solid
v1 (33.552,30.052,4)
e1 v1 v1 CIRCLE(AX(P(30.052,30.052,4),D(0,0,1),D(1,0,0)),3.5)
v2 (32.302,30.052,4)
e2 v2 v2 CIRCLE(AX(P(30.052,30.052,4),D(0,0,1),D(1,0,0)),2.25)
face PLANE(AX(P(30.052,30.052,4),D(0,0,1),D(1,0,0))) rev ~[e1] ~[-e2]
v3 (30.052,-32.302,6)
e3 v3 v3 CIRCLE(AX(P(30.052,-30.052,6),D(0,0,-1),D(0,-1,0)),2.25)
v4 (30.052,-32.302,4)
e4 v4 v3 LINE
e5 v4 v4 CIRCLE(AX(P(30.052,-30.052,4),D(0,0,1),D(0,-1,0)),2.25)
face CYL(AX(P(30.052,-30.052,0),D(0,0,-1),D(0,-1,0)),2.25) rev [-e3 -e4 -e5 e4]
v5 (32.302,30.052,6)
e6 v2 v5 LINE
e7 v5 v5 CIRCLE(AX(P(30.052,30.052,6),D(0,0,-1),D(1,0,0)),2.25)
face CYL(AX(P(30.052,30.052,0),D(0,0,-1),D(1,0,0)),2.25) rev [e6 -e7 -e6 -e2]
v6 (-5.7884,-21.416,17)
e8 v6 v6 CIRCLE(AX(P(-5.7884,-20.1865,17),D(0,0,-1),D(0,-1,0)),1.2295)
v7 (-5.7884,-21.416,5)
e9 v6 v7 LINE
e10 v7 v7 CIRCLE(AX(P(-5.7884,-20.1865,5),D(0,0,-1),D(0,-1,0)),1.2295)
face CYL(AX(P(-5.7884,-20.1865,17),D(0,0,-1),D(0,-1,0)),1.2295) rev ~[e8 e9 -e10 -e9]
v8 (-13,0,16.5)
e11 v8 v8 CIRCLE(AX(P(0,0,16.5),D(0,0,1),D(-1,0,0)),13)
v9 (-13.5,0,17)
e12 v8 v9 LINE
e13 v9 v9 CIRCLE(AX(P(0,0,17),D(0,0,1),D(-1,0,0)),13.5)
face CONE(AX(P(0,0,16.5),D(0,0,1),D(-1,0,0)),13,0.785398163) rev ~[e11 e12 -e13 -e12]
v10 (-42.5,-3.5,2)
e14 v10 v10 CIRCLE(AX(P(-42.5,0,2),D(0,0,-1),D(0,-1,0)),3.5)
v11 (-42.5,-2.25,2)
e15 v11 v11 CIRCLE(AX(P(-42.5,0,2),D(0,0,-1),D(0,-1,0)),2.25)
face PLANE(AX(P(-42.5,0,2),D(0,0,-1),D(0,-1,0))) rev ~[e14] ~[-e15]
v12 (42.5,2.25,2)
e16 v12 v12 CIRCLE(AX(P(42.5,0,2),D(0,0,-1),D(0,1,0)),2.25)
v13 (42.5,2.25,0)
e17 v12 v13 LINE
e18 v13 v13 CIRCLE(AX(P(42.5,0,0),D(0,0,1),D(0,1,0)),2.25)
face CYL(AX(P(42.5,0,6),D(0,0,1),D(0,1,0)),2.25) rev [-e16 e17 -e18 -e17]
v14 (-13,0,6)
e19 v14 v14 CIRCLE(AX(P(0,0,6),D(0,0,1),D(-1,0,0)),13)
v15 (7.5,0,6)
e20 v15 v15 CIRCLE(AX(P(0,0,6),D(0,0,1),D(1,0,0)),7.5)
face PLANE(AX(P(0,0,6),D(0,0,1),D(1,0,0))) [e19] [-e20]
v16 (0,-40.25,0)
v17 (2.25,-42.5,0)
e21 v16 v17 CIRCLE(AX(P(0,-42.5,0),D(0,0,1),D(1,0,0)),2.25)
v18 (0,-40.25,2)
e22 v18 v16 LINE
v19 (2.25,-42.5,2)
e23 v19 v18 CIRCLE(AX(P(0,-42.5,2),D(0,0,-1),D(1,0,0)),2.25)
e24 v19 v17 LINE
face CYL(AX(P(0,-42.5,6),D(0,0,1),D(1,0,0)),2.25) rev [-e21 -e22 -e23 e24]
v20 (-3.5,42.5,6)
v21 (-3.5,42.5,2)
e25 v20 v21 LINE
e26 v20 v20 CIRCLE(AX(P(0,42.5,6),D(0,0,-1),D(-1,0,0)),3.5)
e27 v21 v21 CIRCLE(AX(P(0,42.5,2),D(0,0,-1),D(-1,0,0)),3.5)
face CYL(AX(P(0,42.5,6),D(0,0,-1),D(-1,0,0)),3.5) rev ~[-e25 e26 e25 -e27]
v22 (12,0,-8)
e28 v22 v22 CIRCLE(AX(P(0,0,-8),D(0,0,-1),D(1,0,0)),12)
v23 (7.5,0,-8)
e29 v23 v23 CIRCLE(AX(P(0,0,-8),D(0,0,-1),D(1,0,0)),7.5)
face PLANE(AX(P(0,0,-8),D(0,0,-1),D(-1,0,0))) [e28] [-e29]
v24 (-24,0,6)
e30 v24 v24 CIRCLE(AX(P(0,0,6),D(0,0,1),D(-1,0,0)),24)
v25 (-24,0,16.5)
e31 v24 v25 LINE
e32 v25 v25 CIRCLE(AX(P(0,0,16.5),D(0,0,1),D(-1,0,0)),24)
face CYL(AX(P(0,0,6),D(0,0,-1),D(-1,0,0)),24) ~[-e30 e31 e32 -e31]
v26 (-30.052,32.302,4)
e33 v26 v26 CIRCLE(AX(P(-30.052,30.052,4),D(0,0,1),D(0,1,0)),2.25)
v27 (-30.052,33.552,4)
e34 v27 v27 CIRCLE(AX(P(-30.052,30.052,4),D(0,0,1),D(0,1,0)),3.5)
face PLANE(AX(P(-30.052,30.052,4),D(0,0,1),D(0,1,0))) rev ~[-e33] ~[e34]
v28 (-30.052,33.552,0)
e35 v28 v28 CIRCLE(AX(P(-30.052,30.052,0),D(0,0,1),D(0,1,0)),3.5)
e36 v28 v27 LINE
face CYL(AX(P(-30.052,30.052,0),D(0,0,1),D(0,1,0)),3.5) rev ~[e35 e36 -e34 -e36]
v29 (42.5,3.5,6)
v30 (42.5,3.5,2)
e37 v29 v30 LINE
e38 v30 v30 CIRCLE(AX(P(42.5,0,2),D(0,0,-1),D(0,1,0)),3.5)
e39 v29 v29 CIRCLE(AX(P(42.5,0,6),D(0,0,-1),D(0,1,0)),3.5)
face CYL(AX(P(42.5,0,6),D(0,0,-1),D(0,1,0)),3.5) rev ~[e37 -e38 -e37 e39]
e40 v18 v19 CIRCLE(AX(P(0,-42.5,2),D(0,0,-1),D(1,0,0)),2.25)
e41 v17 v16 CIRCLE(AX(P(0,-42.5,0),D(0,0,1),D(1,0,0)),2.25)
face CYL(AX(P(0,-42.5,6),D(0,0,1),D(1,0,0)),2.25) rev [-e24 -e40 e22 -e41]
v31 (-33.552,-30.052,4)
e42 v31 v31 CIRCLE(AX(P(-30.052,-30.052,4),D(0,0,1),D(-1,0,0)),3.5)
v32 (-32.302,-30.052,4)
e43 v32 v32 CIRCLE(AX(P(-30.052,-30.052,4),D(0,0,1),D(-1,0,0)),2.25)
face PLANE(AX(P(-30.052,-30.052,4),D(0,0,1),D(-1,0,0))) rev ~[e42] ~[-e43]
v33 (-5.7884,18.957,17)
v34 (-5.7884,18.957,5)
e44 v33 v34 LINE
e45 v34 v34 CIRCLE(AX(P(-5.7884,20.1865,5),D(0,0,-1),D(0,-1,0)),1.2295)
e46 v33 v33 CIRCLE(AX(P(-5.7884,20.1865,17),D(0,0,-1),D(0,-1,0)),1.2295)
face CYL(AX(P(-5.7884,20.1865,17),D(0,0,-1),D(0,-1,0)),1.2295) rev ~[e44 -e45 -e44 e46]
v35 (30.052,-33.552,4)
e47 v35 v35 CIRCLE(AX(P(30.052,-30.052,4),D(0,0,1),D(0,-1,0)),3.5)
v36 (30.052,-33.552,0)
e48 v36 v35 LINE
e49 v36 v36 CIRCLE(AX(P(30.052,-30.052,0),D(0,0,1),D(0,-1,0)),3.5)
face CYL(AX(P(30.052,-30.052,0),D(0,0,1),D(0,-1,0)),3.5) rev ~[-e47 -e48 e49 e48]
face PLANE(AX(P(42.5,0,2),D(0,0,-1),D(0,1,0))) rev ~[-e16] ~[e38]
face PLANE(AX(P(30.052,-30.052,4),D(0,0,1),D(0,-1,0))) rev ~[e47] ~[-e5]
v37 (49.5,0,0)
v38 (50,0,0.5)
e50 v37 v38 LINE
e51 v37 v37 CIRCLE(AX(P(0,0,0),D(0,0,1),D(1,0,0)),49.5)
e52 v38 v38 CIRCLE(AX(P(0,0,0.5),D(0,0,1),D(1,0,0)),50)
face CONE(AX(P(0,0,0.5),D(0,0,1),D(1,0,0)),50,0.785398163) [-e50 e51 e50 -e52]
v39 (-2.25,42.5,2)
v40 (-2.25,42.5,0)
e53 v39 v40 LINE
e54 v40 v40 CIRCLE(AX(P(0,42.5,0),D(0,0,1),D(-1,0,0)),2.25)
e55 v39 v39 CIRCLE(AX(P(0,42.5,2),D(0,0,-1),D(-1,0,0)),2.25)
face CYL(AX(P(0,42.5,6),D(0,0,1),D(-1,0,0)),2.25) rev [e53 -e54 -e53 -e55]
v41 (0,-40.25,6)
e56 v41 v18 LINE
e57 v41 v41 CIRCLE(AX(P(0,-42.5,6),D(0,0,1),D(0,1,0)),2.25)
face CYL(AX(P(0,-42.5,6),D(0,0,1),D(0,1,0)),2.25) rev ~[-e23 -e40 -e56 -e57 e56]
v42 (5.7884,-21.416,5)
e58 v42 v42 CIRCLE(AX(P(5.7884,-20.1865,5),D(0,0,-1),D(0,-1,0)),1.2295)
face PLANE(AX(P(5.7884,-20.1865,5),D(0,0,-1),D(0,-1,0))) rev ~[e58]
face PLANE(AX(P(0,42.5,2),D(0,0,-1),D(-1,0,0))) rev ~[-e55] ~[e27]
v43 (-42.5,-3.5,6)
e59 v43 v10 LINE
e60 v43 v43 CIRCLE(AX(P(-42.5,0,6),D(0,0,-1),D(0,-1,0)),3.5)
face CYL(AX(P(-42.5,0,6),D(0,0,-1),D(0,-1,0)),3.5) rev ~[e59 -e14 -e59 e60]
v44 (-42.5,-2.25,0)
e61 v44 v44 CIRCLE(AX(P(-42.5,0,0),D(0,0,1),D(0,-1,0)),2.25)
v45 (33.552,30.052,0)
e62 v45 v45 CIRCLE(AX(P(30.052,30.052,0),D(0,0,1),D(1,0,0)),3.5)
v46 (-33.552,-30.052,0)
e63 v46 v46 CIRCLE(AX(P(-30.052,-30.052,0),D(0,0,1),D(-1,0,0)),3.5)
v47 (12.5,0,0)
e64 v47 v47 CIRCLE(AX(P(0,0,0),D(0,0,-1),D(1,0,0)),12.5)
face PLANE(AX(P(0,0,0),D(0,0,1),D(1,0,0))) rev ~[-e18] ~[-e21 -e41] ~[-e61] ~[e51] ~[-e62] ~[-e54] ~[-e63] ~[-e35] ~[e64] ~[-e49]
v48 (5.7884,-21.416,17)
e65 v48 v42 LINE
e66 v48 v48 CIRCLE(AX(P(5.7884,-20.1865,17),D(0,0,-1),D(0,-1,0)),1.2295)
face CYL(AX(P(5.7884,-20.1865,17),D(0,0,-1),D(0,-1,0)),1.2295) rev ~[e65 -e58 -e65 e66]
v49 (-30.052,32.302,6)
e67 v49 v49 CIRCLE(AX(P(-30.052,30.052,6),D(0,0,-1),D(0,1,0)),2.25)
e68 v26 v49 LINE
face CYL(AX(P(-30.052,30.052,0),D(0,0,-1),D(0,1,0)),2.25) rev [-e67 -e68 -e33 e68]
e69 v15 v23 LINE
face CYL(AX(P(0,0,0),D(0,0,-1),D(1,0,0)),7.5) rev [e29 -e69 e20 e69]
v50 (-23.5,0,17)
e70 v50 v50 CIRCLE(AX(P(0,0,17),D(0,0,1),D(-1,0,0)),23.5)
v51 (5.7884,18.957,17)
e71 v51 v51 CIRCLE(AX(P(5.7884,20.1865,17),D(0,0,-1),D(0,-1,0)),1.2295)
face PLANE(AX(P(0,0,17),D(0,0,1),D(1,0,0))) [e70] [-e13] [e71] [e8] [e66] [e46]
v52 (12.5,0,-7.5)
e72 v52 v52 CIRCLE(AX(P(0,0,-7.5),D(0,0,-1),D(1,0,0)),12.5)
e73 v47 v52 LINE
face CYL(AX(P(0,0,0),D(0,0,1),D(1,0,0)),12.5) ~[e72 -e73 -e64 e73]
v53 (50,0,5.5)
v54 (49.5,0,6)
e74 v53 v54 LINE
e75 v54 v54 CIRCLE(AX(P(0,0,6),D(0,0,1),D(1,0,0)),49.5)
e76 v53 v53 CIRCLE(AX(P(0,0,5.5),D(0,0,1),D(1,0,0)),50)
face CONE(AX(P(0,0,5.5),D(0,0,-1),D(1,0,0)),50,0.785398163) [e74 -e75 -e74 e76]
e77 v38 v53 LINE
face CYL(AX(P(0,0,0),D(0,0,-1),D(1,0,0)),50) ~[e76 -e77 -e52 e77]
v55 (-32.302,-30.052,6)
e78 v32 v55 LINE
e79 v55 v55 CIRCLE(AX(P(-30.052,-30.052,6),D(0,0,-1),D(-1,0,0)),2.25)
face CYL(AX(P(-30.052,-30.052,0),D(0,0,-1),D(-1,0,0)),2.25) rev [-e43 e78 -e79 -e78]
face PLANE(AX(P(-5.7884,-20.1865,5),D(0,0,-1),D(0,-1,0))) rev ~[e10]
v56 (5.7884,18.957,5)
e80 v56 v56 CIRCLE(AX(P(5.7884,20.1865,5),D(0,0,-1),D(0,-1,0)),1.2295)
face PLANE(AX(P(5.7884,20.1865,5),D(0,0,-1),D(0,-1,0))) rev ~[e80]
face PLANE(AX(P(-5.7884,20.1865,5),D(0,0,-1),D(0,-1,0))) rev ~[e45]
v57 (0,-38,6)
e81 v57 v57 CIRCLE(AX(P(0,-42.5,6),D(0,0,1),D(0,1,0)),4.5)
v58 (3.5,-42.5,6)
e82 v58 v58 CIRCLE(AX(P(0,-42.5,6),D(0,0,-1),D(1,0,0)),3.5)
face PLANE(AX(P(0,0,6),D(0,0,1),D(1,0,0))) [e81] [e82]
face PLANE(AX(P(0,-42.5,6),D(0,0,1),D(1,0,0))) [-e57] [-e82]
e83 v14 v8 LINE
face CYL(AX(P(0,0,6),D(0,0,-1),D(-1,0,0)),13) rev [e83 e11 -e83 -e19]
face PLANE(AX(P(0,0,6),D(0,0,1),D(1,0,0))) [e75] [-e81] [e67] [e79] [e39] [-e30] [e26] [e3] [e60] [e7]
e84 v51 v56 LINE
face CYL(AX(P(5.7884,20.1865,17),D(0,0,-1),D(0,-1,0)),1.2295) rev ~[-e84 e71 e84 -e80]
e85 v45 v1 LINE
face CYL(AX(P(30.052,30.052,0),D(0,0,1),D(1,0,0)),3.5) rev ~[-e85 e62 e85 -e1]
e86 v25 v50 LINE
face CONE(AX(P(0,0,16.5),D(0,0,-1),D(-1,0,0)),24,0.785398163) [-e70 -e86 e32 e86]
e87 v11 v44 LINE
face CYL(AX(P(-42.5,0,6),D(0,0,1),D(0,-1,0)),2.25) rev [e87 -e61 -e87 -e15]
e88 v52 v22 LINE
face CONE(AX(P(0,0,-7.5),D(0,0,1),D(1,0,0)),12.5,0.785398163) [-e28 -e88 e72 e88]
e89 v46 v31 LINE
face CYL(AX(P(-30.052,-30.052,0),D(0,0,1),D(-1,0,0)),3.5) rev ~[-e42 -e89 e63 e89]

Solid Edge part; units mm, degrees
sketch "Sketch1" plane through (60.3162, 60.3162, 0) normal (0, 0, 1) x (1, 0, 0)
  circle A0 centre (-60.3162, -60.3162) radius 50
  circle A1 centre (-60.3162, -60.3162) radius 7.5
  dimension "D1" = 100
  dimension "D2" = 15
extrude "Protrusion1" add sketch "Sketch1" along normal blind 6
sketch "Sketch2" plane through (0, 0, 0) normal (0, 0, -1) x (1, 0, 0)
  circle A0 centre (0, 0) radius 7.5
  circle A1 centre (0, 0) radius 12.5
  dimension "D1" = 25
extrude "Extrusionsausprägung_2" add sketch "Sketch2" along normal blind 8
chamfer "Fase_1" distance 0.5 angle 45 1 edges at (-12.5, 0, -8)
hole "Bohrung_1" at (-42.5, 0, 6) direction (0, 0, -1) diameter 4.5 end through all counterbore diameter 7 counterbore depth 4
pattern_circular "Pattern1" count 4 over 360 about axis through (0, 0, 6) along (0, 0, 1) of "Bohrung_1"
sketch "Sketch3" plane through (0, 0, 6) normal (0, 0, 1) x (-1, 0, 0)
  circle A0 centre (0, 0) radius 13
  circle A1 centre (0, 0) radius 24
  dimension "D1" = 26
  dimension "D2" = 48
extrude "Extrusionsausprägung_3" add sketch "Sketch3" along normal blind 11
chamfer "Fase_2" distance 0.5 angle 45 4 edges at (-50, 0, 6) (-50, 0, 0) (24, 0, 17) (13, 0, 17)
hole "Bohrung_2" at (-5.7884, -20.1865, 17) direction (0, 0, -1) diameter 2.459 depth 12 thread major 3 thread length 10
hole "Hole1" at (5.7884, -20.1865, 17) direction (0, 0, -1) diameter 2.459 depth 12 thread major 3 thread length 10
hole "Hole2" at (5.7884, 20.1865, 17) direction (0, 0, -1) diameter 2.459 depth 12 thread major 3 thread length 10
hole "Hole3" at (-5.7884, 20.1865, 17) direction (0, 0, -1) diameter 2.459 depth 12 thread major 3 thread length 10
hole "Bohrung_6" at (-30.052, 30.052, 0) direction (0, 0, 1) diameter 4.5 end up to next counterbore diameter 7 counterbore depth 4
pattern_circular "Pattern4" count 4 over 360 about axis through (0, 0, 0) along (0, 0, 1) of "Bohrung_6"
mirror "Mirror1" [suppressed]
sketch "Sketch4" plane through (0, 0, 6) normal (0, 0, 1) x (0, 1, 0)
  circle A0 centre (-42.5, 0) radius 2.25
  circle A1 centre (-42.5, 0) radius 4.5
extrude "Extrusionsausprägung_6" add sketch "Sketch4" against normal blind 6
properties material "Aluminium, 1060"
